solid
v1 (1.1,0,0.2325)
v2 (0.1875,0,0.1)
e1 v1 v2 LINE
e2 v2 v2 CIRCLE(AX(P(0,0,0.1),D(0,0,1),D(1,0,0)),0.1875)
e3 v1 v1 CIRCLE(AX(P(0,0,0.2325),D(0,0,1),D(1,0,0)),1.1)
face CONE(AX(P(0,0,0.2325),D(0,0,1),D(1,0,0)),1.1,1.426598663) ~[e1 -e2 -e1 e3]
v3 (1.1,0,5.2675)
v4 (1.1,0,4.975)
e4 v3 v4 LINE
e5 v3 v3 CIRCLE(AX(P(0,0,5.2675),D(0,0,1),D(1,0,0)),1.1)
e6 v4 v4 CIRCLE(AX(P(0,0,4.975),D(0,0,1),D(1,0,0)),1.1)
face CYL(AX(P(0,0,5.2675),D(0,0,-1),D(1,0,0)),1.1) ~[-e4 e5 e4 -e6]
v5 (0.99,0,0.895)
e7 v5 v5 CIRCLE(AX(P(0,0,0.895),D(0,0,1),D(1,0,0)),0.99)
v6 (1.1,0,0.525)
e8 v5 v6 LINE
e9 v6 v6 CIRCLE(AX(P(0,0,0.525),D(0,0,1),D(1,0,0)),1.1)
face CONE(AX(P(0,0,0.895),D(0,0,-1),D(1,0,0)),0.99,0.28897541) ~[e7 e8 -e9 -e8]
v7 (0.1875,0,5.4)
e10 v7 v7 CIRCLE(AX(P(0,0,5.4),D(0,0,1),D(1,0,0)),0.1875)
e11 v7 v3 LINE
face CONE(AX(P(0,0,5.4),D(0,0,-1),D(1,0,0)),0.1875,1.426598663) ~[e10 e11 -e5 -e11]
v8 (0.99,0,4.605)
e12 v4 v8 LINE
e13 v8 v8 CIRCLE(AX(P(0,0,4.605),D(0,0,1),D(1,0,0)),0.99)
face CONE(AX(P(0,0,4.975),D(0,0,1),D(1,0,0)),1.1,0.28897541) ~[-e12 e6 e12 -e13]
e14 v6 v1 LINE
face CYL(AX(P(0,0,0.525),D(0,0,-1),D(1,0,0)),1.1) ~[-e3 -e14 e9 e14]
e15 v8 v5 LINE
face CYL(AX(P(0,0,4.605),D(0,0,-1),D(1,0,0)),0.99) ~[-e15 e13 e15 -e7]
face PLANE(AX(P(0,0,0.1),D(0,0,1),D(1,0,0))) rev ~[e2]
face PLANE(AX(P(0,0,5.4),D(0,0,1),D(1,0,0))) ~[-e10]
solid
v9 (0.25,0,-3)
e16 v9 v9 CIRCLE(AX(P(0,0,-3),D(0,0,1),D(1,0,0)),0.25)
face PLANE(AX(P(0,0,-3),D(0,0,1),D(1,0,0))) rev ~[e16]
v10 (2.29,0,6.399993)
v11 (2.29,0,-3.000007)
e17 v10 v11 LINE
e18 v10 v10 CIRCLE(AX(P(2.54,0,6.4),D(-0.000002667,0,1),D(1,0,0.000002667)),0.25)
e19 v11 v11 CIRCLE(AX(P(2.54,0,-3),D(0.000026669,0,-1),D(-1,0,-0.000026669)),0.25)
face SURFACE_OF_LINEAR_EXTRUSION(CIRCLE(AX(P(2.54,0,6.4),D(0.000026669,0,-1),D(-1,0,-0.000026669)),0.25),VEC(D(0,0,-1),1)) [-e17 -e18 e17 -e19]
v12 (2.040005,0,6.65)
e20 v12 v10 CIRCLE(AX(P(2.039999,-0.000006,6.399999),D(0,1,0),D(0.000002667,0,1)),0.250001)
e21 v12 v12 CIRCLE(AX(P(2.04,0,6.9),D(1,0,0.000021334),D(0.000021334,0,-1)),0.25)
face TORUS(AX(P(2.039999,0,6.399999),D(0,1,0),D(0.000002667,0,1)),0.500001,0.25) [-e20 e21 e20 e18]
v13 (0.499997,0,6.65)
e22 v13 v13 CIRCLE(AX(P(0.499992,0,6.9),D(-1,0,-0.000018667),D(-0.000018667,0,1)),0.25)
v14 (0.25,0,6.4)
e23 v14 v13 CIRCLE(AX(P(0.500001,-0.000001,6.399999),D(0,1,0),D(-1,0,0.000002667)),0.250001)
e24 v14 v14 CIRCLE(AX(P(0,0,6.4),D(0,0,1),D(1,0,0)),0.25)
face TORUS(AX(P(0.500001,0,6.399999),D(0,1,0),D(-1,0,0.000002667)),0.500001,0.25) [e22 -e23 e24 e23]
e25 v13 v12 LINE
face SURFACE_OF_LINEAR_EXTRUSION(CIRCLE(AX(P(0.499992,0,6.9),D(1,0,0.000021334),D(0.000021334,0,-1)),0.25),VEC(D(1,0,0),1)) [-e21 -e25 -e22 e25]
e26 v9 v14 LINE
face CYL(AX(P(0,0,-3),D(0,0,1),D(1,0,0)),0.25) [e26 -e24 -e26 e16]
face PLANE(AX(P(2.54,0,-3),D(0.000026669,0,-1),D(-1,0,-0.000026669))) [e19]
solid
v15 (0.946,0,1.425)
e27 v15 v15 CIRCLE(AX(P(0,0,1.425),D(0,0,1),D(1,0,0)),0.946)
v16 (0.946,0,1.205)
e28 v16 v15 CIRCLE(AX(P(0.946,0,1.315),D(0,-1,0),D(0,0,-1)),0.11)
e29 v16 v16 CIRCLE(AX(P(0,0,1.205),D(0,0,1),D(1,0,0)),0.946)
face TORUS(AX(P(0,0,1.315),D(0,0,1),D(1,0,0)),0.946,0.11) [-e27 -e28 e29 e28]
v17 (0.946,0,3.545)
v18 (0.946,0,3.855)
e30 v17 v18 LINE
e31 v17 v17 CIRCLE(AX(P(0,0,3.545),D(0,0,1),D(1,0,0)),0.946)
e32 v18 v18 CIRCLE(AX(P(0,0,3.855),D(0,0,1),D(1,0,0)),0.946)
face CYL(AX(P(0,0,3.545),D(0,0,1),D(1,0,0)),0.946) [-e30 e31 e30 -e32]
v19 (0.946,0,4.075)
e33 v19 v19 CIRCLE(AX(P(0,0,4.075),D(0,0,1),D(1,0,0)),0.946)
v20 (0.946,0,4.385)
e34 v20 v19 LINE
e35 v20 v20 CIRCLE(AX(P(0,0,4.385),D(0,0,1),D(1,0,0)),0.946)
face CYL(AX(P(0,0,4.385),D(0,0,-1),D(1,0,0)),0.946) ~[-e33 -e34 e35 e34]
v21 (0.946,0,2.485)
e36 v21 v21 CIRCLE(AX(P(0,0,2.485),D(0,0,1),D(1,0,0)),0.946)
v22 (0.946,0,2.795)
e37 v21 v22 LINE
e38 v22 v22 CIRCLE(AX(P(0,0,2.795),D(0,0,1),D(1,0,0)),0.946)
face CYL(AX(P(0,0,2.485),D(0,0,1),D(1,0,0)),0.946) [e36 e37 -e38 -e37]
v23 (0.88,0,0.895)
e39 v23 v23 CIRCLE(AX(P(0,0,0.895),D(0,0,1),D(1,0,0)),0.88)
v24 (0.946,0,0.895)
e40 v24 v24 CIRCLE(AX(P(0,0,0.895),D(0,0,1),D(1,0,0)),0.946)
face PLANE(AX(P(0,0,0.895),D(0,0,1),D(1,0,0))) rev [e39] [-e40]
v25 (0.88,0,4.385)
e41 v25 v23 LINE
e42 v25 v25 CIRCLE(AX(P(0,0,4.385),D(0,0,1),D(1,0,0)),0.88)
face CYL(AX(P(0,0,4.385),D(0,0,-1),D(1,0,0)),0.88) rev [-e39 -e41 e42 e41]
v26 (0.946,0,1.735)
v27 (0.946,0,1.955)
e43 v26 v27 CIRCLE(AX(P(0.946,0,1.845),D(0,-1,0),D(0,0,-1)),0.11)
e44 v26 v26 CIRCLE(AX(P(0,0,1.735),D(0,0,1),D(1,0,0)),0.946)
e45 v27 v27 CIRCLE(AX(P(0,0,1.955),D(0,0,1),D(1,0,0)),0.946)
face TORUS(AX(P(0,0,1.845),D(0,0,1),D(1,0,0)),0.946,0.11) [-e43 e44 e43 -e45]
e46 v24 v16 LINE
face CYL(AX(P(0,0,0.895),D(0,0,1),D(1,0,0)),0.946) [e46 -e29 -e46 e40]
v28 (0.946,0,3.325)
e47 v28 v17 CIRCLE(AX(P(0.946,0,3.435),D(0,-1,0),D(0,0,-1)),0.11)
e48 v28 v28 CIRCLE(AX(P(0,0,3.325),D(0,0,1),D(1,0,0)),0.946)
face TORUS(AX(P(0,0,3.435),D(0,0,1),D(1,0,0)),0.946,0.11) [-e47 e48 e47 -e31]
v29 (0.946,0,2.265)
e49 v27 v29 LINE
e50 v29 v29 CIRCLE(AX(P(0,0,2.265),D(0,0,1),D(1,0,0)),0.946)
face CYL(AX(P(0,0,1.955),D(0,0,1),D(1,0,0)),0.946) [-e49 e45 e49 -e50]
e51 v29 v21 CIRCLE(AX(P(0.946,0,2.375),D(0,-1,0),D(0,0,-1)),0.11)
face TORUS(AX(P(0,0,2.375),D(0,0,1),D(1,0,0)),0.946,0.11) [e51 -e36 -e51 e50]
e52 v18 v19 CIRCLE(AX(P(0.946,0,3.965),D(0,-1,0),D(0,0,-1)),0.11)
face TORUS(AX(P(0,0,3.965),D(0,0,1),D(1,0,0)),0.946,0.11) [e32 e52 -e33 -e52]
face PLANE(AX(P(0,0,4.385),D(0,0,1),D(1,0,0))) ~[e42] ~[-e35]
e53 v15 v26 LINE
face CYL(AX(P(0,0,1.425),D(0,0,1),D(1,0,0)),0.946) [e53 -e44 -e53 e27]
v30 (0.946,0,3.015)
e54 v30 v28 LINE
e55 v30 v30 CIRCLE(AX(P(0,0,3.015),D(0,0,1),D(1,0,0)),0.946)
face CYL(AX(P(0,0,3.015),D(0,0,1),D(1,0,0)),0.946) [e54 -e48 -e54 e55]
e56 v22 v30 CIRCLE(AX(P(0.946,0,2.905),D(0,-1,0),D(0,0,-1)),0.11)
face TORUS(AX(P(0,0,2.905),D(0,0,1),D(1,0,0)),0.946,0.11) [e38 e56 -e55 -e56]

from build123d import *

# Parameters (mm, degrees)
SKETCH_R = 0.25


with BuildPart() as sweep_body:
    # Sweep: sweep along a path in Sketch001
    with BuildLine(Plane.XZ) as sweep_path:
        Line((0, -3), (0, 6.4))
        ThreePointArc((0, 6.4), (0.146444, 6.75355), (0.499992, 6.9))
        Line((0.499992, 6.9), (2.04, 6.9))
        ThreePointArc((2.04, 6.9), (2.393553, 6.753553), (2.54, 6.4))
        Line((2.54, 6.4), (2.54, -3))
    # Sketch → Sweep (sweep)
    with BuildSketch(Plane.XY.offset(-2)):
        Circle(SKETCH_R)
    sweep(path=sweep_path.line)


with BuildPart() as revolution:
    # Sketch002 → Revolution (revolve)
    with BuildSketch(Plane.XZ):
        Polygon((0, 0.1), (0, 5.4), (0.1875, 5.4), (1.1, 5.2675), (1.1, 4.975), (0.99, 4.605), (0.99, 0.895), (1.1, 0.525), (1.1, 0.2325), (0.1875, 0.1), align=None)
    revolve(axis=Axis((0, 0, 0), (0, 0, 1)))


with BuildPart() as revolution001:
    # Sketch003 → Revolution001 (revolve)
    with BuildSketch(Plane.XZ):
        with BuildLine():
            Line((0.88, 4.385), (0.88, 0.895))
            Line((0.88, 0.895), (0.946, 0.895))
            Line((0.946, 0.895), (0.946, 1.205))
            ThreePointArc((0.946, 1.205), (1.056, 1.315), (0.946, 1.425))
            Line((0.946, 1.425), (0.946, 1.735))
            ThreePointArc((0.946, 1.735), (1.056, 1.845), (0.946, 1.955))
            Line((0.946, 1.955), (0.946, 2.265))
            ThreePointArc((0.946, 2.265), (1.056, 2.375), (0.946, 2.485))
            Line((0.946, 2.485), (0.946, 2.795))
            ThreePointArc((0.946, 2.795), (1.056, 2.905), (0.946, 3.015))
            Line((0.946, 3.015), (0.946, 3.325))
            ThreePointArc((0.946, 3.325), (1.056, 3.435), (0.946, 3.545))
            Line((0.946, 3.545), (0.946, 3.855))
            ThreePointArc((0.946, 3.855), (1.056, 3.965), (0.946, 4.075))
            Line((0.946, 4.385), (0.946, 4.075))
            Line((0.88, 4.385), (0.946, 4.385))
        make_face()
    revolve(axis=Axis((0, 0, 0), (0, 0, 1)))


solid = Compound([sweep_body.part, revolution.part, revolution001.part])
